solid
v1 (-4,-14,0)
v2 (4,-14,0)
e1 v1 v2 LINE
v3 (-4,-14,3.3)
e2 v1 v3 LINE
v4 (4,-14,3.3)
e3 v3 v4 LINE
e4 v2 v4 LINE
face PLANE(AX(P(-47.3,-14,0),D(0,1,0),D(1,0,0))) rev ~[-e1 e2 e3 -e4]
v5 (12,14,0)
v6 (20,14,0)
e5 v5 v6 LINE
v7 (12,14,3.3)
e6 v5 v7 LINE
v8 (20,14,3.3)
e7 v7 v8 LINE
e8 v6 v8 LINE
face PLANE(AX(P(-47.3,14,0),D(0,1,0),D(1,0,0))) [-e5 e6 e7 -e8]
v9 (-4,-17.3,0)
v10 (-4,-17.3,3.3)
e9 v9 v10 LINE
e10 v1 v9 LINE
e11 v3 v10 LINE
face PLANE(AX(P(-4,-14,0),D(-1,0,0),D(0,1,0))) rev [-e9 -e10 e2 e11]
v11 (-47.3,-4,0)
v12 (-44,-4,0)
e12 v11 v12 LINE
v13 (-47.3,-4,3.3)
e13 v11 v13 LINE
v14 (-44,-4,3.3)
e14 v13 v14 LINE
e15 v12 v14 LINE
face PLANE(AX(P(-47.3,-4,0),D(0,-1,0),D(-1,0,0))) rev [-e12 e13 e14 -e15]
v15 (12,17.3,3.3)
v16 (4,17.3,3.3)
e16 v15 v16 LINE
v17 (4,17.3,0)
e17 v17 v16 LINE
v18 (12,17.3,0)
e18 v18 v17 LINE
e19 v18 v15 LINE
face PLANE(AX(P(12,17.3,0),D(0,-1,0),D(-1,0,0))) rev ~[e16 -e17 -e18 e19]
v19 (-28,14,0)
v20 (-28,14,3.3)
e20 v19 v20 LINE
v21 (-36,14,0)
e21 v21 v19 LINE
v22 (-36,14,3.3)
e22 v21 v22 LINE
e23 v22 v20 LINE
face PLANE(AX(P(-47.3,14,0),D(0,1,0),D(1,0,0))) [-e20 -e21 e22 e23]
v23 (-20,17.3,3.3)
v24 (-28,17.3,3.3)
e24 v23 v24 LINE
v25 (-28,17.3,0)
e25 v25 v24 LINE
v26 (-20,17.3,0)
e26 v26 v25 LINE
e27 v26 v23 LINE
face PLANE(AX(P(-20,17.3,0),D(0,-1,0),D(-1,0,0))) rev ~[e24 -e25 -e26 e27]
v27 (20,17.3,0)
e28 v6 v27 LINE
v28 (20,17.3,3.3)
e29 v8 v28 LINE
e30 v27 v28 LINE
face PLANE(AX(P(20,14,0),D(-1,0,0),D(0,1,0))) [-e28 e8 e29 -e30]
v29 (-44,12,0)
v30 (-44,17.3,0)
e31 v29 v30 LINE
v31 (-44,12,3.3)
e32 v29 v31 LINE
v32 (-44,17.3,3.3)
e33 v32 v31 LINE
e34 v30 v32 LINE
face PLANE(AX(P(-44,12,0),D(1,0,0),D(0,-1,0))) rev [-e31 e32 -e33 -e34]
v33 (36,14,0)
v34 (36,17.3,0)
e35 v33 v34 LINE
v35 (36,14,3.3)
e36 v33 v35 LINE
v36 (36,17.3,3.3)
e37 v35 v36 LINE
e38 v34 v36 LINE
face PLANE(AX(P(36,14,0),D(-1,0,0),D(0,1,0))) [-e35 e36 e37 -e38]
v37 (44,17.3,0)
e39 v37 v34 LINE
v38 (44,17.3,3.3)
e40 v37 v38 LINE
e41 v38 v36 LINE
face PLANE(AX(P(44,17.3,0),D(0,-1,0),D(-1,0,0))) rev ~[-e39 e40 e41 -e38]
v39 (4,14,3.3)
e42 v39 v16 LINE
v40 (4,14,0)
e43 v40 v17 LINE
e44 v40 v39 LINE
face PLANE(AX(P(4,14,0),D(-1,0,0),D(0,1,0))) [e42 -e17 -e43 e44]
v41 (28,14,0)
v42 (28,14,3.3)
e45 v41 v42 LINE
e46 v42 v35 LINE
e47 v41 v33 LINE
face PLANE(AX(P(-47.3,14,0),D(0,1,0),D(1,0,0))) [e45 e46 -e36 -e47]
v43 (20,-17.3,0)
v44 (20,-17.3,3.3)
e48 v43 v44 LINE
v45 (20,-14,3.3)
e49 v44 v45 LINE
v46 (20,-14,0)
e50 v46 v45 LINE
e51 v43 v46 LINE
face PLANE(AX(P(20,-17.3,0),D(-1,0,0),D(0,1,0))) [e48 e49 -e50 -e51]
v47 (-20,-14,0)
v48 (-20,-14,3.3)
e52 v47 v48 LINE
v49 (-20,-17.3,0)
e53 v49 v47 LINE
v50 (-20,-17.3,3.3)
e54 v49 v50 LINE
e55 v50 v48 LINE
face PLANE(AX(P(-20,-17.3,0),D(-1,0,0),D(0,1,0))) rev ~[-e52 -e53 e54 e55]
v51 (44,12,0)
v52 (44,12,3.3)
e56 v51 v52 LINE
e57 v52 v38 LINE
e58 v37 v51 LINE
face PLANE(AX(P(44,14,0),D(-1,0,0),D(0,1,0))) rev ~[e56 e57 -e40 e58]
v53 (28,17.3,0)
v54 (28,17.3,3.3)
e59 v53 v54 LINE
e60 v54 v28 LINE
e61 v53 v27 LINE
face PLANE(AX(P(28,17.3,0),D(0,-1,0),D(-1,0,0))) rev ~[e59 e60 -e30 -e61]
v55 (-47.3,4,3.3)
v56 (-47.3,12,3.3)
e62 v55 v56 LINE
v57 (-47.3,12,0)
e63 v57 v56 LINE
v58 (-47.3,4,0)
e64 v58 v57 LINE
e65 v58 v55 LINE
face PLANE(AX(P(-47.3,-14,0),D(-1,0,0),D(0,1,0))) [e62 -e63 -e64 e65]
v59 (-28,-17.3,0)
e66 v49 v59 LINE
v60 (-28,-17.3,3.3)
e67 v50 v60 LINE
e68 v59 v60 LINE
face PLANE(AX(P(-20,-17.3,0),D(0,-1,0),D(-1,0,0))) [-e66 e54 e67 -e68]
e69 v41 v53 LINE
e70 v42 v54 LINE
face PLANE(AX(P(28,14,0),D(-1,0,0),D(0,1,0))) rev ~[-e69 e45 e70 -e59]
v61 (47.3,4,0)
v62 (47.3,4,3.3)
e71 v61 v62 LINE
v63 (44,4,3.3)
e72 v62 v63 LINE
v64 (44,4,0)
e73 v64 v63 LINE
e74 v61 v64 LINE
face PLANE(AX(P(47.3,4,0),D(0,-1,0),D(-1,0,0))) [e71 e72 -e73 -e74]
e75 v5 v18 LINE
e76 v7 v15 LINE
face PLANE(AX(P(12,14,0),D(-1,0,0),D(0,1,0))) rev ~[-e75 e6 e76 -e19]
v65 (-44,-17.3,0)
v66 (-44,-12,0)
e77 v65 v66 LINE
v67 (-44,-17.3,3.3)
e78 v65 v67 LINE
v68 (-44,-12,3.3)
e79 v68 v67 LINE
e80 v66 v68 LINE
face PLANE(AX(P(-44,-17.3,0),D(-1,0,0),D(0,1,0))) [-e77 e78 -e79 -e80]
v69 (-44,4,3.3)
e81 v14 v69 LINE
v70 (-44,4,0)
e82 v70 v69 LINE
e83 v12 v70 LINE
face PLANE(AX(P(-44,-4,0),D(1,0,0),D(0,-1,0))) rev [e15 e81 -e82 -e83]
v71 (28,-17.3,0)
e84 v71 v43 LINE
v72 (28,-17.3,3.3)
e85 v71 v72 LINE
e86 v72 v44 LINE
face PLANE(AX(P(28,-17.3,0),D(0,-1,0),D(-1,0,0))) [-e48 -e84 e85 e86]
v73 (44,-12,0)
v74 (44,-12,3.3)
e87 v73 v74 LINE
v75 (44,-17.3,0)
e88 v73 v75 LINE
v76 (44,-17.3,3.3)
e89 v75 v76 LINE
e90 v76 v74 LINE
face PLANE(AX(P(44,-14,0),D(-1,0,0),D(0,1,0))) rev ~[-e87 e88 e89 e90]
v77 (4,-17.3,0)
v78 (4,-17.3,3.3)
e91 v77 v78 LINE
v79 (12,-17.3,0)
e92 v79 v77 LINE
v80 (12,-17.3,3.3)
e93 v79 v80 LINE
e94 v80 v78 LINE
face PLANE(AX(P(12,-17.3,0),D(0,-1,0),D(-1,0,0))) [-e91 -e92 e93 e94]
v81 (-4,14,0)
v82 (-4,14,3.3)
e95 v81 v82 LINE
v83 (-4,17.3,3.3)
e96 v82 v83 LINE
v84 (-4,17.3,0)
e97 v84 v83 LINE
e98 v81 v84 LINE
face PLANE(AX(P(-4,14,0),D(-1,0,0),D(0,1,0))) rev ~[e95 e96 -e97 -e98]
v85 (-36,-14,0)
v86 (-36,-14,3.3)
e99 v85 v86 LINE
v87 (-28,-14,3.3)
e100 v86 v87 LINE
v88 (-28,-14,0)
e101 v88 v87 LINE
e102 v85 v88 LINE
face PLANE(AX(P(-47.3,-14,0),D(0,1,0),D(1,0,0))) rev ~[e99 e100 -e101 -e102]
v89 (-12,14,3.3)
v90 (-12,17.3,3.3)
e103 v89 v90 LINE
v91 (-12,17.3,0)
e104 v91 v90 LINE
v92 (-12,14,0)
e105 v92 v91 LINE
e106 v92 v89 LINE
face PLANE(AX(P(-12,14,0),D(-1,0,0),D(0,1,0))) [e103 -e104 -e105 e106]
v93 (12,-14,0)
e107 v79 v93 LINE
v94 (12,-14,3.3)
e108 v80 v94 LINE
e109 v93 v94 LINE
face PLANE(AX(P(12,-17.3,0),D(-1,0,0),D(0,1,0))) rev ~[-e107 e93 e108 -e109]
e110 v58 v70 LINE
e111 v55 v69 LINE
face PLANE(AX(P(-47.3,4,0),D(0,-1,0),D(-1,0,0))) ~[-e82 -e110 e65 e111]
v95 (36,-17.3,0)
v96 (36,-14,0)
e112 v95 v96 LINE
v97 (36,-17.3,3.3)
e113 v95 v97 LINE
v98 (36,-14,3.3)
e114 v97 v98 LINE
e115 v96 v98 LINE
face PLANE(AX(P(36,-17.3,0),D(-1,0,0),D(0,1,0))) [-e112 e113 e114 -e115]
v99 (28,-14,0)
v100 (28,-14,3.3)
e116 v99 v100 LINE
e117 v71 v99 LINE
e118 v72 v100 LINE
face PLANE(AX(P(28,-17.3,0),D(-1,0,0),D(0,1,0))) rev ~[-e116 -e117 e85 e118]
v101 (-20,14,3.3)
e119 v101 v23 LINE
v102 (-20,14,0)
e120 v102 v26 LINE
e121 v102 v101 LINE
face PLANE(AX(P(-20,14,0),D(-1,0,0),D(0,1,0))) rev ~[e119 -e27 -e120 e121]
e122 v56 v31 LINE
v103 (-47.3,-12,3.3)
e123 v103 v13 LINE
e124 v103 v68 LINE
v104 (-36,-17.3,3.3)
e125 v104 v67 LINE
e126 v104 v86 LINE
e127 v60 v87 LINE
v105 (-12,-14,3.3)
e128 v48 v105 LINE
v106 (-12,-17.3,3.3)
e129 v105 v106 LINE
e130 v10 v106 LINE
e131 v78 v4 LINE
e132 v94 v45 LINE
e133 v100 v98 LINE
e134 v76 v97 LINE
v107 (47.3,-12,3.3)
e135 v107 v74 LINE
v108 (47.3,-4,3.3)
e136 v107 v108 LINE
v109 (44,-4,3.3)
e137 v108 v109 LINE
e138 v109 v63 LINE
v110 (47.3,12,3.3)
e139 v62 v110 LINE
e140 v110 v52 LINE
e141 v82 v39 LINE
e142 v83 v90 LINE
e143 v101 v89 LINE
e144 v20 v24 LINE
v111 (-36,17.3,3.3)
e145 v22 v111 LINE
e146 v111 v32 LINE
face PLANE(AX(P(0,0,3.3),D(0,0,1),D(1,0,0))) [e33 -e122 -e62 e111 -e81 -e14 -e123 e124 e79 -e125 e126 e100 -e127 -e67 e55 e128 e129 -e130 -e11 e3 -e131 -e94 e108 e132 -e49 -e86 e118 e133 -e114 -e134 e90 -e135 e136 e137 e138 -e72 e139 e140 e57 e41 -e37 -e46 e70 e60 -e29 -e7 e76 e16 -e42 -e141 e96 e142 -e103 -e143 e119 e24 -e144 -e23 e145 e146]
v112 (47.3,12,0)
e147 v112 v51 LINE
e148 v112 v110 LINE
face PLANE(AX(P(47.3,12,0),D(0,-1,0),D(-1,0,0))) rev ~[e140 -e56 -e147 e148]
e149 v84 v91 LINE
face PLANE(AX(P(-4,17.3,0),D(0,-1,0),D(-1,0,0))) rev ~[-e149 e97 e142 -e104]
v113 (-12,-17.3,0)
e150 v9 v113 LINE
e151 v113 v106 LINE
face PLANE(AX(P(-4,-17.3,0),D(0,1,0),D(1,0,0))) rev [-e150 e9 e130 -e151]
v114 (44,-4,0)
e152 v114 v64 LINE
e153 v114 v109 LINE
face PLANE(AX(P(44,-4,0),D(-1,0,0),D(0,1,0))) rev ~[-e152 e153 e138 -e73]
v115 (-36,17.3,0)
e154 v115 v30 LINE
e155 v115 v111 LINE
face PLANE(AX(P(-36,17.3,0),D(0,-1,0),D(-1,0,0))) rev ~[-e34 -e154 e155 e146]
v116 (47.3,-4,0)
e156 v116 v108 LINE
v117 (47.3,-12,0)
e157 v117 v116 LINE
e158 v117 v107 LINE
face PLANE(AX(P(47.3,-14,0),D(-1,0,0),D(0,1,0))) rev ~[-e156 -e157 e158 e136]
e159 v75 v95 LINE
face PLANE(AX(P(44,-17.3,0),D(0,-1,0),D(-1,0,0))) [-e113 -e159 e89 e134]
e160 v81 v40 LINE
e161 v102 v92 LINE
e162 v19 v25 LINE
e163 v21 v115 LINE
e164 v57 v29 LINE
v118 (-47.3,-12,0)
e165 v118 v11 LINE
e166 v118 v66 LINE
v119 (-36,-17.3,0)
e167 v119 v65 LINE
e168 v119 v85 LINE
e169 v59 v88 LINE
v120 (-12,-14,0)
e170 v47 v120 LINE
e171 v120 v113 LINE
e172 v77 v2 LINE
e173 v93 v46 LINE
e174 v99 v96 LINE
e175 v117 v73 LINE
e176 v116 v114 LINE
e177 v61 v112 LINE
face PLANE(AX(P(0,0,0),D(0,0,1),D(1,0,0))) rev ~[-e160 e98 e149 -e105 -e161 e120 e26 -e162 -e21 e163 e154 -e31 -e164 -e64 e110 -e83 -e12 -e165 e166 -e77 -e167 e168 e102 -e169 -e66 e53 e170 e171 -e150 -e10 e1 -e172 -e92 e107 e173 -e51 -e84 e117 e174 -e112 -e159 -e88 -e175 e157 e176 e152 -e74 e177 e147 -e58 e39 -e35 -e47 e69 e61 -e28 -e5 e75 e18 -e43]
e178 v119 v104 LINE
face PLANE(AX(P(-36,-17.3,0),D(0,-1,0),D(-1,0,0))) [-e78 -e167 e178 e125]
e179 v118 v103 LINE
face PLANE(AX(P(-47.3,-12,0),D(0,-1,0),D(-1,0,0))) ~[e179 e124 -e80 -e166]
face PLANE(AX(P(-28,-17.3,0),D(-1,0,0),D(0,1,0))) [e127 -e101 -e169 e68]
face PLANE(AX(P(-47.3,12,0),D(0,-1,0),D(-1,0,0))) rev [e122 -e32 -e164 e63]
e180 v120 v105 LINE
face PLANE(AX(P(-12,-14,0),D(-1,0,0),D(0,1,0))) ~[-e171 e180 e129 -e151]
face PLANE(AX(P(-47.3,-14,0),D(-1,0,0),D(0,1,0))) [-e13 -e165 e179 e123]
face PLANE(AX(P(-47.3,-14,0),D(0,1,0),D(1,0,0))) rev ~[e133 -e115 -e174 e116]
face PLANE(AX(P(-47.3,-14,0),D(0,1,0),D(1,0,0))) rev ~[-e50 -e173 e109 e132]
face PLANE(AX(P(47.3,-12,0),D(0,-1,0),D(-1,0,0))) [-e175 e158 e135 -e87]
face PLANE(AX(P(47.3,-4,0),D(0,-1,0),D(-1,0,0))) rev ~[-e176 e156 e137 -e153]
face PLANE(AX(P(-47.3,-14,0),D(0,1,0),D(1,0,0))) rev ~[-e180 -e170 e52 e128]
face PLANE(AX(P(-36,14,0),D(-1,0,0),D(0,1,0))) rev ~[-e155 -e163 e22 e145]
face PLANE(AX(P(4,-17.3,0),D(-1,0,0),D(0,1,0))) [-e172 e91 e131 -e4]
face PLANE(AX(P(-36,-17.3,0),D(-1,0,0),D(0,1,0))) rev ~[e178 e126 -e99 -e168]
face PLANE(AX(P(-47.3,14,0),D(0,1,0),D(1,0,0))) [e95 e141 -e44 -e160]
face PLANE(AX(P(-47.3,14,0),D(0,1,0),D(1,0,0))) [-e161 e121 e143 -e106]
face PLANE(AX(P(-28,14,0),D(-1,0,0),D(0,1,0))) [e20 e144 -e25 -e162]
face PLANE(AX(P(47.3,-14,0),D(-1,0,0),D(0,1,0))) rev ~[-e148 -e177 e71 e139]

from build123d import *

# Parameters (mm, degrees)
ESQUISSE1_W                    = 94.6
ESQUISSE1_H                    = 28
BOSS_EXTRU_1_DEPTH             = 3.3
ESQUISSE2_W                    = 8
ESQUISSE2_H                    = 3.3
BOSS_EXTRU_2_DEPTH             = 3.3
R_P_TITION_LIN_AIRE1_COUNT     = 3
R_P_TITION_LIN_AIRE1_PITCH     = 16
R_P_TITION_LIN_AIRE1_COL_COUNT = 4
R_P_TITION_LIN_AIRE1_COL_PITCH = 16
SYM_TRIE1_COPY_1_SKETCH_W      = 8
SYM_TRIE1_COPY_1_SKETCH_H      = 3.3
SYM_TRIE1_COPY_1_DEPTH         = 3.3
SYM_TRIE1_COPY_2_SKETCH_W      = 8
SYM_TRIE1_COPY_2_SKETCH_H      = 3.3
SYM_TRIE1_COPY_2_DEPTH         = 3.3
SYM_TRIE1_COPY_3_SKETCH_W      = 8
SYM_TRIE1_COPY_3_SKETCH_H      = 3.3
SYM_TRIE1_COPY_3_DEPTH         = 3.3
SYM_TRIE1_COPY_4_SKETCH_W      = 8
SYM_TRIE1_COPY_4_SKETCH_H      = 3.3
SYM_TRIE1_COPY_4_DEPTH         = 3.3
SYM_TRIE1_COPY_5_SKETCH_W      = 8
SYM_TRIE1_COPY_5_SKETCH_H      = 3.3
SYM_TRIE1_COPY_5_DEPTH         = 3.3
ESQUISSE3_W                    = 3.3
ESQUISSE3_H                    = 8
ESQUISSE3_H_2                  = 2
ENL_V_MAT_EXTRU_1_DEPTH        = 3.3


with BuildPart() as part:
    # Esquisse1 → Boss.-Extru.1 (new body)
    with BuildSketch(Plane.XY):
        Rectangle(ESQUISSE1_W, ESQUISSE1_H)
    extrude(amount=BOSS_EXTRU_1_DEPTH)

    # Esquisse2 → Boss.-Extru.2 (add)
    with BuildSketch(Plane(origin=(0, 0, 0), x_dir=(-1, 0, 0), z_dir=(0, 0, -1))):
        with Locations((8, 15.65)):
            Rectangle(ESQUISSE2_W, ESQUISSE2_H)
    boss_extru_2 = extrude(amount=-BOSS_EXTRU_2_DEPTH)

    # Répétition linéaire1: Boss.-Extru.2 ×3
    with Locations(*[(-i * R_P_TITION_LIN_AIRE1_PITCH, 0, 0) for i in range(1, R_P_TITION_LIN_AIRE1_COUNT)]):
        add(boss_extru_2)

    # Répétition linéaire1 col: Boss.-Extru.2 ×4
    with Locations(*[(i * R_P_TITION_LIN_AIRE1_COL_PITCH, 0, 0) for i in range(1, R_P_TITION_LIN_AIRE1_COL_COUNT)]):
        add(boss_extru_2)

    # Symétrie1: Boss.-Extru.2 across plane
    add(boss_extru_2.mirror(Plane.ZX))

    # Symétrie1 copy 1 sketch → Symétrie1 copy 1 (add)
    with BuildSketch(Plane(origin=(-16, 0, 0), x_dir=(-1, 0, 0), z_dir=(0, 0, -1))):
        with Locations((8, -15.65)):
            Rectangle(SYM_TRIE1_COPY_1_SKETCH_W, SYM_TRIE1_COPY_1_SKETCH_H)
    extrude(amount=-SYM_TRIE1_COPY_1_DEPTH)

    # Symétrie1 copy 2 sketch → Symétrie1 copy 2 (add)
    with BuildSketch(Plane(origin=(-32, 0, 0), x_dir=(-1, 0, 0), z_dir=(0, 0, -1))):
        with Locations((8, -15.65)):
            Rectangle(SYM_TRIE1_COPY_2_SKETCH_W, SYM_TRIE1_COPY_2_SKETCH_H)
    extrude(amount=-SYM_TRIE1_COPY_2_DEPTH)

    # Symétrie1 copy 3 sketch → Symétrie1 copy 3 (add)
    with BuildSketch(Plane(origin=(16, 0, 0), x_dir=(-1, 0, 0), z_dir=(0, 0, -1))):
        with Locations((8, -15.65)):
            Rectangle(SYM_TRIE1_COPY_3_SKETCH_W, SYM_TRIE1_COPY_3_SKETCH_H)
    extrude(amount=-SYM_TRIE1_COPY_3_DEPTH)

    # Symétrie1 copy 4 sketch → Symétrie1 copy 4 (add)
    with BuildSketch(Plane(origin=(32, 0, 0), x_dir=(-1, 0, 0), z_dir=(0, 0, -1))):
        with Locations((8, -15.65)):
            Rectangle(SYM_TRIE1_COPY_4_SKETCH_W, SYM_TRIE1_COPY_4_SKETCH_H)
    extrude(amount=-SYM_TRIE1_COPY_4_DEPTH)

    # Symétrie1 copy 5 sketch → Symétrie1 copy 5 (add)
    with BuildSketch(Plane(origin=(48, 0, 0), x_dir=(-1, 0, 0), z_dir=(0, 0, -1))):
        with Locations((8, -15.65)):
            Rectangle(SYM_TRIE1_COPY_5_SKETCH_W, SYM_TRIE1_COPY_5_SKETCH_H)
    extrude(amount=-SYM_TRIE1_COPY_5_DEPTH)

    # Esquisse3 → Enlèv. mat.-Extru.1 (cut)
    with BuildSketch(Plane(origin=(0, 0, 0), x_dir=(-1, 0, 0), z_dir=(0, 0, -1))):
        with Locations((-45.65, 0)):
            Rectangle(ESQUISSE3_W, ESQUISSE3_H)
        with Locations((-45.65, 13)):
            Rectangle(ESQUISSE3_W, ESQUISSE3_H_2)
        with Locations((-45.65, -13)):
            Rectangle(ESQUISSE3_W, ESQUISSE3_H_2)
    enl_v_mat_extru_1 = extrude(amount=-ENL_V_MAT_EXTRU_1_DEPTH, mode=Mode.SUBTRACT)

    # Symétrie2: Enlèv. mat.-Extru.1 across plane
    add(enl_v_mat_extru_1.mirror(Plane(origin=(0, 0, 0), x_dir=(0, 0, 1), z_dir=(1, 0, 0))), mode=Mode.SUBTRACT)


solid = part.part
